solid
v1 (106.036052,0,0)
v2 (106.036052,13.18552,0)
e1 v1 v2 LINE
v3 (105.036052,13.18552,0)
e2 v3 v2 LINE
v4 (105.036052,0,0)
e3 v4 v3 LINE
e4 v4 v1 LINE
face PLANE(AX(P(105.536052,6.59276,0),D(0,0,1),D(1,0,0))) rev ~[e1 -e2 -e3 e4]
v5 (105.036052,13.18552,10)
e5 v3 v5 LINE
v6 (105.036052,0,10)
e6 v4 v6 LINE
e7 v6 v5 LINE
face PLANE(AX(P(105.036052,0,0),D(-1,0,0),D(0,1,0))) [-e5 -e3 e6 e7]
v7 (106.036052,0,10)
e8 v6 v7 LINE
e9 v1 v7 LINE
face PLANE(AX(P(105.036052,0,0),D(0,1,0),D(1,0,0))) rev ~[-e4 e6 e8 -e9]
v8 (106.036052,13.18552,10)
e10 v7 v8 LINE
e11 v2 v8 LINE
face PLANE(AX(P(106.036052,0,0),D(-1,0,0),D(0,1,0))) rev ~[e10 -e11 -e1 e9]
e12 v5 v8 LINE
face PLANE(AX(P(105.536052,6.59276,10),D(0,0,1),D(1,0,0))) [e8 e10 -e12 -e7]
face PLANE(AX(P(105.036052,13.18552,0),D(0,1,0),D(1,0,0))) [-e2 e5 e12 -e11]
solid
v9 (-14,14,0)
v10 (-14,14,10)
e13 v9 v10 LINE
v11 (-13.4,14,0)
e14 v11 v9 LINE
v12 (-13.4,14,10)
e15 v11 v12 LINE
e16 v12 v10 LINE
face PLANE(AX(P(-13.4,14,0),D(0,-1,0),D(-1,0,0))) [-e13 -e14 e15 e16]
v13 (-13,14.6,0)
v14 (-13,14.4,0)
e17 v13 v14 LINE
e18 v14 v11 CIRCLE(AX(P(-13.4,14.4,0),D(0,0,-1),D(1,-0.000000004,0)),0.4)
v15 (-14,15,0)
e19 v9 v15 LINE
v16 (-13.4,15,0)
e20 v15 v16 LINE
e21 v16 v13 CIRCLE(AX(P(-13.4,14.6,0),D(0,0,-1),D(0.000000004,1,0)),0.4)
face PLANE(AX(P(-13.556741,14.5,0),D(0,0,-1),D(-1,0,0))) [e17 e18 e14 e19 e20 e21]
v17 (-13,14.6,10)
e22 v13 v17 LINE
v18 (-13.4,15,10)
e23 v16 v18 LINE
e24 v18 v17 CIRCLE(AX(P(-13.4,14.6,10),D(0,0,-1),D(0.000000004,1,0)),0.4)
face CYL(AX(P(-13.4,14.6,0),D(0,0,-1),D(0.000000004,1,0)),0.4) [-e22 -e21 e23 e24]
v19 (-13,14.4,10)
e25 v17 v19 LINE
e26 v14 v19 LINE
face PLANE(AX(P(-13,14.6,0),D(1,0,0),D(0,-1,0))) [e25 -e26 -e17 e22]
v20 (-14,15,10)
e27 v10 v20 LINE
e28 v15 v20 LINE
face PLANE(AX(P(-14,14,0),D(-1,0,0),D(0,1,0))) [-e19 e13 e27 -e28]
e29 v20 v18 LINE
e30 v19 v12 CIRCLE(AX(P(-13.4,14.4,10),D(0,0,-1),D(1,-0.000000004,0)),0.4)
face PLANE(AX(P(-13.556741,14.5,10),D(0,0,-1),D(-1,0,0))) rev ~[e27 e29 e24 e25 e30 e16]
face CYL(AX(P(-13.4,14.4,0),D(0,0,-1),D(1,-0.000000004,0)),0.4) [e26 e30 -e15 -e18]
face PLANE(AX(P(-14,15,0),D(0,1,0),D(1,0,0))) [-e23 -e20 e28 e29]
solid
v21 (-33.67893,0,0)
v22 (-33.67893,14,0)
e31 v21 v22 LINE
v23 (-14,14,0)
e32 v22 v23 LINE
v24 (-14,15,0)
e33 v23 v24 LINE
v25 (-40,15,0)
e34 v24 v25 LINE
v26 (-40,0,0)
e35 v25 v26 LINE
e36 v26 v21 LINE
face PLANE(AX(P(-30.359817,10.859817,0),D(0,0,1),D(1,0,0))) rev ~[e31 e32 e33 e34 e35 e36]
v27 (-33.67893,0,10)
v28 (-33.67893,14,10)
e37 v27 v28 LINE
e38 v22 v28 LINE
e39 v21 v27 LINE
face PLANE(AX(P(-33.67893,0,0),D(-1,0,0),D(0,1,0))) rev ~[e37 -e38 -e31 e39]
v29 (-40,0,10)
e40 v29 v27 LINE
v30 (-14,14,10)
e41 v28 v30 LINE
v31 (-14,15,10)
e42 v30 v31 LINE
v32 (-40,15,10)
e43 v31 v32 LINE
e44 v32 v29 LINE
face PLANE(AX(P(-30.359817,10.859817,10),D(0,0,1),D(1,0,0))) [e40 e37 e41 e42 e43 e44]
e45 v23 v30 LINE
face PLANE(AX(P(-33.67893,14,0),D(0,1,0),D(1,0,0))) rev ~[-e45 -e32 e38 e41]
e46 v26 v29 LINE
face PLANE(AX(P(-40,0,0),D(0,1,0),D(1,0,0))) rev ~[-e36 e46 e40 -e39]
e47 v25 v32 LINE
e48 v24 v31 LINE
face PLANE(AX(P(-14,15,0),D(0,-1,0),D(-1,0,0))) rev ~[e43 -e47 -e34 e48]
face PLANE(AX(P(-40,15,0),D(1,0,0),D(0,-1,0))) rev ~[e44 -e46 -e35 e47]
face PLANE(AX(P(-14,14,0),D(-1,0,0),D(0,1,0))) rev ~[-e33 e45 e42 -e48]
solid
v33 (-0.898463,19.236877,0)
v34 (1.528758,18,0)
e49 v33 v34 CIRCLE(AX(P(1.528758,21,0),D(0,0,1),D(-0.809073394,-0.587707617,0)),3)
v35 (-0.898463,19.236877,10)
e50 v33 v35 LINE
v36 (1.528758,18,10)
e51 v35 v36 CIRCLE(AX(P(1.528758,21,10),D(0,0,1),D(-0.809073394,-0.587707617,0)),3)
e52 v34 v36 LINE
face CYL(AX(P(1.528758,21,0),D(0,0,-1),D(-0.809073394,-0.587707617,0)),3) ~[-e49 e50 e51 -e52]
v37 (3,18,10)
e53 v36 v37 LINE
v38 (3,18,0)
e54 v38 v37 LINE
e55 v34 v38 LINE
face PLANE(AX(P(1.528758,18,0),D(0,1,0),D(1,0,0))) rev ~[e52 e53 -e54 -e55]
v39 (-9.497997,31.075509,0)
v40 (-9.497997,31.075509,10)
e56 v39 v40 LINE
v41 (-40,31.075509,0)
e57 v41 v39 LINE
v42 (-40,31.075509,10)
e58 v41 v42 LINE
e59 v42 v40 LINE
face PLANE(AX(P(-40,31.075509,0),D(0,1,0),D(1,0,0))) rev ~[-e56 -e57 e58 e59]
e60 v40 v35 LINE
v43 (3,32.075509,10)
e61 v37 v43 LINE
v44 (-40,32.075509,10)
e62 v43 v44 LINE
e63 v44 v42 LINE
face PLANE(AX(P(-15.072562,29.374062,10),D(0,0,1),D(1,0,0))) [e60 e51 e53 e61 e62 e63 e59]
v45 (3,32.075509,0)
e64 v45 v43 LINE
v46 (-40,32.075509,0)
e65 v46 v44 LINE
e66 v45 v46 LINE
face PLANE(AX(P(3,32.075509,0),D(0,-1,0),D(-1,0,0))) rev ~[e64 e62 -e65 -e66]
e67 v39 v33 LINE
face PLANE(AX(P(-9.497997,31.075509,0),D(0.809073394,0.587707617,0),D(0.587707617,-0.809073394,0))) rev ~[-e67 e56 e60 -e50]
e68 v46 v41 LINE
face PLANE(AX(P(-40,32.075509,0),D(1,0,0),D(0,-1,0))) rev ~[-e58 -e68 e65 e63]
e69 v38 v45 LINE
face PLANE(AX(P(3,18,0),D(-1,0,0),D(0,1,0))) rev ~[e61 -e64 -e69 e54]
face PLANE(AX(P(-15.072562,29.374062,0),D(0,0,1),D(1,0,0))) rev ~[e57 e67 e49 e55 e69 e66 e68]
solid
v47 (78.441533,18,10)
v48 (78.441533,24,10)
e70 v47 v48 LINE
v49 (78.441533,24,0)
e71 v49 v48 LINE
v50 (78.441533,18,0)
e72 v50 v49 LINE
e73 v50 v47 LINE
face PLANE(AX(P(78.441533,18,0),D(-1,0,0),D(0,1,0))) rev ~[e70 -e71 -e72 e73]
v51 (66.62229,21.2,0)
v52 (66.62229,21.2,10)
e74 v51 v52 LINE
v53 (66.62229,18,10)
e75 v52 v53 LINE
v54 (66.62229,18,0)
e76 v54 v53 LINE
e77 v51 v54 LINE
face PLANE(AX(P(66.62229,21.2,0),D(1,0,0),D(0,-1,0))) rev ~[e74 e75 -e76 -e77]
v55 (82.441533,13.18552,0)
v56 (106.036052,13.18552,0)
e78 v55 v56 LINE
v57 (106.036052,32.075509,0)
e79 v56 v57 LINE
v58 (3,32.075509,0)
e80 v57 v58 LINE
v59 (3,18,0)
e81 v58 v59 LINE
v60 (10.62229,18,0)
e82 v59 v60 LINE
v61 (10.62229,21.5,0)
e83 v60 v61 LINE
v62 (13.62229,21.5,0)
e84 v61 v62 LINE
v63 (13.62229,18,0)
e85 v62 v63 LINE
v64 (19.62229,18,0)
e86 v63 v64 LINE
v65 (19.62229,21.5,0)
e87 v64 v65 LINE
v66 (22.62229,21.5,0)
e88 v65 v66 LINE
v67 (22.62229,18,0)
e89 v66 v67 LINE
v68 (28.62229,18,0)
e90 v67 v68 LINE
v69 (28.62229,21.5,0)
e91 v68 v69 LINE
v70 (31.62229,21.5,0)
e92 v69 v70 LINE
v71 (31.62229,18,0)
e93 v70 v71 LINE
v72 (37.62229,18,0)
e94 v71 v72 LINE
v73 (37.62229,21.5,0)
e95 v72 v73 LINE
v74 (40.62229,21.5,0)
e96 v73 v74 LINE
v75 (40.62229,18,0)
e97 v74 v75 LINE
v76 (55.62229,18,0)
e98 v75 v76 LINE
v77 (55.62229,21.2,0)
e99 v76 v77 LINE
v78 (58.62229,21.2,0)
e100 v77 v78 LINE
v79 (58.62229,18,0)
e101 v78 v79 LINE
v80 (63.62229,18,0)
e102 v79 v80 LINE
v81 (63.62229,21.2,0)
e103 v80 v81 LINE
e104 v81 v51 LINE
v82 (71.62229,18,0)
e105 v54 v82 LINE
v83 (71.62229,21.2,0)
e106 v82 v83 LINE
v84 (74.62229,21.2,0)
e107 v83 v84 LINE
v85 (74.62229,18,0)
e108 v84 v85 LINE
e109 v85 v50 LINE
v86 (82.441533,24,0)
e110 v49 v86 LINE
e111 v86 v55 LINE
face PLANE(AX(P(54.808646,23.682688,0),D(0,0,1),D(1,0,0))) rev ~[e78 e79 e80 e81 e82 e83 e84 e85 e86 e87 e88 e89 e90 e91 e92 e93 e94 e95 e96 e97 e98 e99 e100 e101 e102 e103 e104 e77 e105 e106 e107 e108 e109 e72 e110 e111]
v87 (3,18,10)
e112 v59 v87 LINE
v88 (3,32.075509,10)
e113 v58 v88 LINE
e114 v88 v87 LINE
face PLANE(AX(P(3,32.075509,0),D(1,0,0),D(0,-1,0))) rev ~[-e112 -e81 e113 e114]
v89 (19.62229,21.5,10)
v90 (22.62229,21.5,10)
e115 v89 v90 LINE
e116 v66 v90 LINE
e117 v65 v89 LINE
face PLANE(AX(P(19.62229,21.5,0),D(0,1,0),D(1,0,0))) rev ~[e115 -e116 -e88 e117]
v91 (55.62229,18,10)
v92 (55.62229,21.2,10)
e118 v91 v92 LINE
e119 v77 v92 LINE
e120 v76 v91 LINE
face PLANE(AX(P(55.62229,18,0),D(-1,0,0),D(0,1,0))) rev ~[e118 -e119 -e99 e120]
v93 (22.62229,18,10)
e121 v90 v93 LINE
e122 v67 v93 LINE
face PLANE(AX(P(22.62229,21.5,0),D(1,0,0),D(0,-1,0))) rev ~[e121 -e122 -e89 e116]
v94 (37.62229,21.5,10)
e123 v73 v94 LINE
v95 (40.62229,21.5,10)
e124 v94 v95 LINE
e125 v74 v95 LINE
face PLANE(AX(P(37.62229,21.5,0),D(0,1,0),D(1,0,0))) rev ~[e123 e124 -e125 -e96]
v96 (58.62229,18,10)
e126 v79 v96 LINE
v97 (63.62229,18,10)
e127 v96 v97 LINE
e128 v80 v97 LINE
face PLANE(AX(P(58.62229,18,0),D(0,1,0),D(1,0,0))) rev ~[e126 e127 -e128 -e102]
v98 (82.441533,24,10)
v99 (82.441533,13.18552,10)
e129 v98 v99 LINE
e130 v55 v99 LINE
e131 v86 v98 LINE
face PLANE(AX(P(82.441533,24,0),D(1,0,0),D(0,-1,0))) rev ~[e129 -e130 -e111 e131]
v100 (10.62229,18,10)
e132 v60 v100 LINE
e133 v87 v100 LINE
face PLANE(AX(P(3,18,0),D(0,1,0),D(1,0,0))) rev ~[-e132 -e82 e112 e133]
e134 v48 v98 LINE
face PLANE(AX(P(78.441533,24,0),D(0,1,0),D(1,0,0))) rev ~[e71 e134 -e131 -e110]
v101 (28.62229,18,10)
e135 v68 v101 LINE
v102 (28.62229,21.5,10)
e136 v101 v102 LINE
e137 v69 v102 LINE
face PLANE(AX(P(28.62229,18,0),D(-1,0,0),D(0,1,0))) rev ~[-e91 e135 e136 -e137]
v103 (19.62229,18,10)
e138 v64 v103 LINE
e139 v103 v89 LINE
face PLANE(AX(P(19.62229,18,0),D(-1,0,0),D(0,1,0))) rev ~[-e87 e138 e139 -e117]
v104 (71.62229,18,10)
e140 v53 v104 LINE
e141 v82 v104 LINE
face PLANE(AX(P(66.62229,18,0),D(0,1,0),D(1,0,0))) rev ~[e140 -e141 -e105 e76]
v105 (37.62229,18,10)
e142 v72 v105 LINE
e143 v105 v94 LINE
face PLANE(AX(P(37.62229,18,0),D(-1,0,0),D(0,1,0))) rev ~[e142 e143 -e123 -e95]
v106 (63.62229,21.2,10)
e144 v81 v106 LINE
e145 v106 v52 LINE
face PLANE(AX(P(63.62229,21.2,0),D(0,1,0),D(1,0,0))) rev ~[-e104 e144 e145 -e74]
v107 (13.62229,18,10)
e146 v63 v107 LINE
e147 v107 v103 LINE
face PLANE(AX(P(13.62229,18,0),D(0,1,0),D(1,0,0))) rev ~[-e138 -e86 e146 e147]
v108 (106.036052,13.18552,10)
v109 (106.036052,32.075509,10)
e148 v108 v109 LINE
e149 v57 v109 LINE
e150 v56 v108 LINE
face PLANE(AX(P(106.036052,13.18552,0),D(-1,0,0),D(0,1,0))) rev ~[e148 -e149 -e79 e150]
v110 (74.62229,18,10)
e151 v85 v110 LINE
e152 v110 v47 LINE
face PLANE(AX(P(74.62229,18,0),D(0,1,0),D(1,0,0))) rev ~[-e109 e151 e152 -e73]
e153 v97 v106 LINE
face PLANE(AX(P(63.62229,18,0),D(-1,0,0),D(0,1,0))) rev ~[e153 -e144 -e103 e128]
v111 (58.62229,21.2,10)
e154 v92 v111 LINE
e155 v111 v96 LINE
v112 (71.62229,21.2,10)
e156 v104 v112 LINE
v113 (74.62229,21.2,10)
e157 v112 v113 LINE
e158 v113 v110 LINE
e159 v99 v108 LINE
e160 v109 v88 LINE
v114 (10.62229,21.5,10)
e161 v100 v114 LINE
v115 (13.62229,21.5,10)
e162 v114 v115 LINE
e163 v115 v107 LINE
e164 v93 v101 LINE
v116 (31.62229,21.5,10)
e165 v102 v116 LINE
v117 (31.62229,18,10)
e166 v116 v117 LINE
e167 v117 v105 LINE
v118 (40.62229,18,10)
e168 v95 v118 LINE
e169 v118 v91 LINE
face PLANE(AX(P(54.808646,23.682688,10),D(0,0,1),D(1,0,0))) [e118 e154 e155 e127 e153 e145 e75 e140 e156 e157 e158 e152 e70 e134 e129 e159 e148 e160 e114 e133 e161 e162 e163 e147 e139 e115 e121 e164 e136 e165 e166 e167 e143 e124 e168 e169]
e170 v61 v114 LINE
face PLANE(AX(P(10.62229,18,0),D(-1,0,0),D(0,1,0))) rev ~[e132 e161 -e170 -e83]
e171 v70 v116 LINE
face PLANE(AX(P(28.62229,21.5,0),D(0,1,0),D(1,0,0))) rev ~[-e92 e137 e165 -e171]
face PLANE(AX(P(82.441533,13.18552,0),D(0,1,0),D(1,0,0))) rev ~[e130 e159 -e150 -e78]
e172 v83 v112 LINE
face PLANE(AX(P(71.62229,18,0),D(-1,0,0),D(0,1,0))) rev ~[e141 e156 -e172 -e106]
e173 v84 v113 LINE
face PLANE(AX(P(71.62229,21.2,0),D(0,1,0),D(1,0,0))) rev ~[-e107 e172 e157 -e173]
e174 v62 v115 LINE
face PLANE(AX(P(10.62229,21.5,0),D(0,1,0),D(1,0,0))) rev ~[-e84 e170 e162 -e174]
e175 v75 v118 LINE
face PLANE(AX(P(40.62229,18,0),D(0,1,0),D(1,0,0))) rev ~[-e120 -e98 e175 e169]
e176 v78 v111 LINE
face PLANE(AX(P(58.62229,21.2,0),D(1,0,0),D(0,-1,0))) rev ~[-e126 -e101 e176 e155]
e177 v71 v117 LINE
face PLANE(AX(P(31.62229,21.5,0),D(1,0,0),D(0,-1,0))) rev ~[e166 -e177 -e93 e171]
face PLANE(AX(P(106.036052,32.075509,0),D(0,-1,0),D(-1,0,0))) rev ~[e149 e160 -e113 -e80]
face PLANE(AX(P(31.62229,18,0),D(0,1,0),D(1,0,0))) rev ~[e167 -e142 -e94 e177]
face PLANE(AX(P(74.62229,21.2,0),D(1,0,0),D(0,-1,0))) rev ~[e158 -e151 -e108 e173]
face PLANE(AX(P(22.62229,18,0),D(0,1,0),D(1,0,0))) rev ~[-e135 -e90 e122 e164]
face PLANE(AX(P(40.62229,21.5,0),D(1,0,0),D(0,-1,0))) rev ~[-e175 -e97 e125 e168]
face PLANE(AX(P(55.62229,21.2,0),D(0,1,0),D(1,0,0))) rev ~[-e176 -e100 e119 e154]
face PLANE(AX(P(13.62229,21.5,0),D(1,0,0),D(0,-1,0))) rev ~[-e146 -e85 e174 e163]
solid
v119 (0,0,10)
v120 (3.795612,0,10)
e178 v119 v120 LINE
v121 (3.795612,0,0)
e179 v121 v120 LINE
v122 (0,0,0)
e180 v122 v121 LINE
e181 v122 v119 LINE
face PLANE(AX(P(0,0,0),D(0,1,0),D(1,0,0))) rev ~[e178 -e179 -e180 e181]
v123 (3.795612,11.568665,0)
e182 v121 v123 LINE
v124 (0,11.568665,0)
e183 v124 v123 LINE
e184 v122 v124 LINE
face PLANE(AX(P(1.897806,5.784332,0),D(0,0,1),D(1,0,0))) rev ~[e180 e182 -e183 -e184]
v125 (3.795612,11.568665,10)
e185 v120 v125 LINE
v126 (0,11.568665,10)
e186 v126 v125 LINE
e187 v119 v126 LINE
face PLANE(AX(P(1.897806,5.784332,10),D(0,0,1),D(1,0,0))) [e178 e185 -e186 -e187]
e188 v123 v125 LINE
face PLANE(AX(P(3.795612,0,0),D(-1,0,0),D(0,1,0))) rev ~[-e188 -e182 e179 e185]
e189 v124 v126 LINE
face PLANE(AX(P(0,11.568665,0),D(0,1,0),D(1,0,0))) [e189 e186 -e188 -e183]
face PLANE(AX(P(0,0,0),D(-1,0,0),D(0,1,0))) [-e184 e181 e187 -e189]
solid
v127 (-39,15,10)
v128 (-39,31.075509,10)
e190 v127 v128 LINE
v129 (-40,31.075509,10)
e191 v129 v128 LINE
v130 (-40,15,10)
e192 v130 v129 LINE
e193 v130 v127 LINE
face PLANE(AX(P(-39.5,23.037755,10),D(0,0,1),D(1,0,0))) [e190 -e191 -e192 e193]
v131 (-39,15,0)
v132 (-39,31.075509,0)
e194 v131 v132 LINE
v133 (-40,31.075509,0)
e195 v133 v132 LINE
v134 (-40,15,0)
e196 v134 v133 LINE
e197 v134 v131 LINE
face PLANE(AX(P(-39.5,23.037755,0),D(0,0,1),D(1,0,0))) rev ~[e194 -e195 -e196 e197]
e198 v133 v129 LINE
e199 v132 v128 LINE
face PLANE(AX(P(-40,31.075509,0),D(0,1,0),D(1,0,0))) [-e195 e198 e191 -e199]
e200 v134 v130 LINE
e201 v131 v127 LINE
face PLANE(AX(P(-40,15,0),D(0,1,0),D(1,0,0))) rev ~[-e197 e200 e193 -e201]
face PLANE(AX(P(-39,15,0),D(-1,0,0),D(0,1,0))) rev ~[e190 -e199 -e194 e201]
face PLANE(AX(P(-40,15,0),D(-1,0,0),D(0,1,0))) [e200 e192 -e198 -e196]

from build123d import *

# Parameters (mm, degrees)
EXTRUDE_1_DEPTH = 10
EXTRUDE_2_DEPTH = 10
EXTRUDE_3_DEPTH = 10
SKETCH_2_6_W    = 1
SKETCH_2_6_H    = 16.075509251
EXTRUDE_5_DEPTH = 10
SKETCH_2_10_W   = 3.795611852
SKETCH_2_10_H   = 11.568664648
EXTRUDE_7_DEPTH = 10
SKETCH_2_11_W   = 1
SKETCH_2_11_H   = 13.185519622
EXTRUDE_8_DEPTH = 10
EXTRUDE_9_DEPTH = 10


with BuildPart() as part:
    # 草图2 → 凸台-拉伸1 (new body)
    with BuildSketch(Plane.XY):
        with BuildLine():
            Line((-40, 32.075509251), (-40, 31.075509251))
            Line((-40, 31.075509251), (-39, 31.075509251))
            Line((-39, 31.075509251), (-9.497996654, 31.075509251))
            Line((-9.497996654, 31.075509251), (-0.898462522, 19.236877148))
            ThreePointArc((-0.898462522, 19.236877148), (0.166657912, 18.327045777), (1.52875766, 18))
            Line((1.52875766, 18), (3, 18))
            Line((3, 18), (3, 32.075509251))
            Line((3, 32.075509251), (-10.224392581, 32.075509251))
            Line((-10.224392581, 32.075509251), (-40, 32.075509251))
        make_face()
    extrude(amount=EXTRUDE_1_DEPTH)


with BuildPart() as body_2:
    # 草图2<3> → 凸台-拉伸2 (new body)
    with BuildSketch(Plane.XY):
        with BuildLine():
            Line((-14, 15), (-13.4, 15))
            ThreePointArc((-13.4, 15), (-13.117157288, 14.882842712), (-13, 14.6))
            Line((-13, 14.6), (-13, 14.4))
            ThreePointArc((-13, 14.4), (-13.117157288, 14.117157288), (-13.4, 14))
            Line((-13.4, 14), (-14, 14))
            Line((-14, 14), (-14, 15))
        make_face()
    extrude(amount=EXTRUDE_2_DEPTH)


with BuildPart() as body_3:
    # 草图2<4> → 凸台-拉伸3 (new body)
    with BuildSketch(Plane.XY):
        Polygon((-33.67892984, 14), (-14, 14), (-14, 15), (-17.067905555, 15), (-30.43187911, 15), (-39, 15), (-40, 15), (-40, 0), (-33.67892984, 0), align=None)
    extrude(amount=EXTRUDE_3_DEPTH)


with BuildPart() as body_4:
    # 草图2<6> → 凸台-拉伸5 (new body)
    with BuildSketch(Plane.XY):
        with Locations((-39.5, 23.037754626)):
            Rectangle(SKETCH_2_6_W, SKETCH_2_6_H)
    extrude(amount=EXTRUDE_5_DEPTH)


with BuildPart() as body_5:
    # 草图2<10> → 凸台-拉伸7 (new body)
    with BuildSketch(Plane.XY):
        with Locations((1.897805926, 5.784332324)):
            Rectangle(SKETCH_2_10_W, SKETCH_2_10_H)
    extrude(amount=EXTRUDE_7_DEPTH)


with BuildPart() as body_6:
    # 草图2<11> → 凸台-拉伸8 (new body)
    with BuildSketch(Plane.XY):
        with Locations((105.536052446, 6.592759811)):
            Rectangle(SKETCH_2_11_W, SKETCH_2_11_H)
    extrude(amount=EXTRUDE_8_DEPTH)


with BuildPart() as body_7:
    # 草图2<12> → 凸台-拉伸9 (new body)
    with BuildSketch(Plane.XY):
        Polygon((106.036052446, 32.075509251), (3, 32.075509251), (3, 18), (10.622289709, 18), (10.622289709, 21.5), (13.622289709, 21.5), (13.622289709, 18), (19.622289709, 18), (19.622289709, 21.5), (22.622289709, 21.5), (22.622289709, 18), (28.622289709, 18), (28.622289709, 21.5), (31.622289709, 21.5), (31.622289709, 18), (33.949970739, 18), (37.622289709, 18), (37.622289709, 21.5), (40.622289709, 21.5), (40.622289709, 18), (55.622289709, 18), (55.622289709, 21.2), (58.622289709, 21.2), (58.622289709, 18), (63.622289709, 18), (63.622289709, 21.2), (66.622289709, 21.2), (66.622289709, 18), (71.622289709, 18), (71.622289709, 21.2), (74.622289709, 21.2), (74.622289709, 18), (76.982050703, 18), (78.441533019, 18), (78.441533019, 24), (82.441533019, 24), (82.441533019, 13.185519622), (105.036052446, 13.185519622), (106.036052446, 13.185519622), align=None)
    extrude(amount=EXTRUDE_9_DEPTH)


solid = Compound([part.part, body_2.part, body_3.part, body_4.part, body_5.part, body_6.part, body_7.part])
